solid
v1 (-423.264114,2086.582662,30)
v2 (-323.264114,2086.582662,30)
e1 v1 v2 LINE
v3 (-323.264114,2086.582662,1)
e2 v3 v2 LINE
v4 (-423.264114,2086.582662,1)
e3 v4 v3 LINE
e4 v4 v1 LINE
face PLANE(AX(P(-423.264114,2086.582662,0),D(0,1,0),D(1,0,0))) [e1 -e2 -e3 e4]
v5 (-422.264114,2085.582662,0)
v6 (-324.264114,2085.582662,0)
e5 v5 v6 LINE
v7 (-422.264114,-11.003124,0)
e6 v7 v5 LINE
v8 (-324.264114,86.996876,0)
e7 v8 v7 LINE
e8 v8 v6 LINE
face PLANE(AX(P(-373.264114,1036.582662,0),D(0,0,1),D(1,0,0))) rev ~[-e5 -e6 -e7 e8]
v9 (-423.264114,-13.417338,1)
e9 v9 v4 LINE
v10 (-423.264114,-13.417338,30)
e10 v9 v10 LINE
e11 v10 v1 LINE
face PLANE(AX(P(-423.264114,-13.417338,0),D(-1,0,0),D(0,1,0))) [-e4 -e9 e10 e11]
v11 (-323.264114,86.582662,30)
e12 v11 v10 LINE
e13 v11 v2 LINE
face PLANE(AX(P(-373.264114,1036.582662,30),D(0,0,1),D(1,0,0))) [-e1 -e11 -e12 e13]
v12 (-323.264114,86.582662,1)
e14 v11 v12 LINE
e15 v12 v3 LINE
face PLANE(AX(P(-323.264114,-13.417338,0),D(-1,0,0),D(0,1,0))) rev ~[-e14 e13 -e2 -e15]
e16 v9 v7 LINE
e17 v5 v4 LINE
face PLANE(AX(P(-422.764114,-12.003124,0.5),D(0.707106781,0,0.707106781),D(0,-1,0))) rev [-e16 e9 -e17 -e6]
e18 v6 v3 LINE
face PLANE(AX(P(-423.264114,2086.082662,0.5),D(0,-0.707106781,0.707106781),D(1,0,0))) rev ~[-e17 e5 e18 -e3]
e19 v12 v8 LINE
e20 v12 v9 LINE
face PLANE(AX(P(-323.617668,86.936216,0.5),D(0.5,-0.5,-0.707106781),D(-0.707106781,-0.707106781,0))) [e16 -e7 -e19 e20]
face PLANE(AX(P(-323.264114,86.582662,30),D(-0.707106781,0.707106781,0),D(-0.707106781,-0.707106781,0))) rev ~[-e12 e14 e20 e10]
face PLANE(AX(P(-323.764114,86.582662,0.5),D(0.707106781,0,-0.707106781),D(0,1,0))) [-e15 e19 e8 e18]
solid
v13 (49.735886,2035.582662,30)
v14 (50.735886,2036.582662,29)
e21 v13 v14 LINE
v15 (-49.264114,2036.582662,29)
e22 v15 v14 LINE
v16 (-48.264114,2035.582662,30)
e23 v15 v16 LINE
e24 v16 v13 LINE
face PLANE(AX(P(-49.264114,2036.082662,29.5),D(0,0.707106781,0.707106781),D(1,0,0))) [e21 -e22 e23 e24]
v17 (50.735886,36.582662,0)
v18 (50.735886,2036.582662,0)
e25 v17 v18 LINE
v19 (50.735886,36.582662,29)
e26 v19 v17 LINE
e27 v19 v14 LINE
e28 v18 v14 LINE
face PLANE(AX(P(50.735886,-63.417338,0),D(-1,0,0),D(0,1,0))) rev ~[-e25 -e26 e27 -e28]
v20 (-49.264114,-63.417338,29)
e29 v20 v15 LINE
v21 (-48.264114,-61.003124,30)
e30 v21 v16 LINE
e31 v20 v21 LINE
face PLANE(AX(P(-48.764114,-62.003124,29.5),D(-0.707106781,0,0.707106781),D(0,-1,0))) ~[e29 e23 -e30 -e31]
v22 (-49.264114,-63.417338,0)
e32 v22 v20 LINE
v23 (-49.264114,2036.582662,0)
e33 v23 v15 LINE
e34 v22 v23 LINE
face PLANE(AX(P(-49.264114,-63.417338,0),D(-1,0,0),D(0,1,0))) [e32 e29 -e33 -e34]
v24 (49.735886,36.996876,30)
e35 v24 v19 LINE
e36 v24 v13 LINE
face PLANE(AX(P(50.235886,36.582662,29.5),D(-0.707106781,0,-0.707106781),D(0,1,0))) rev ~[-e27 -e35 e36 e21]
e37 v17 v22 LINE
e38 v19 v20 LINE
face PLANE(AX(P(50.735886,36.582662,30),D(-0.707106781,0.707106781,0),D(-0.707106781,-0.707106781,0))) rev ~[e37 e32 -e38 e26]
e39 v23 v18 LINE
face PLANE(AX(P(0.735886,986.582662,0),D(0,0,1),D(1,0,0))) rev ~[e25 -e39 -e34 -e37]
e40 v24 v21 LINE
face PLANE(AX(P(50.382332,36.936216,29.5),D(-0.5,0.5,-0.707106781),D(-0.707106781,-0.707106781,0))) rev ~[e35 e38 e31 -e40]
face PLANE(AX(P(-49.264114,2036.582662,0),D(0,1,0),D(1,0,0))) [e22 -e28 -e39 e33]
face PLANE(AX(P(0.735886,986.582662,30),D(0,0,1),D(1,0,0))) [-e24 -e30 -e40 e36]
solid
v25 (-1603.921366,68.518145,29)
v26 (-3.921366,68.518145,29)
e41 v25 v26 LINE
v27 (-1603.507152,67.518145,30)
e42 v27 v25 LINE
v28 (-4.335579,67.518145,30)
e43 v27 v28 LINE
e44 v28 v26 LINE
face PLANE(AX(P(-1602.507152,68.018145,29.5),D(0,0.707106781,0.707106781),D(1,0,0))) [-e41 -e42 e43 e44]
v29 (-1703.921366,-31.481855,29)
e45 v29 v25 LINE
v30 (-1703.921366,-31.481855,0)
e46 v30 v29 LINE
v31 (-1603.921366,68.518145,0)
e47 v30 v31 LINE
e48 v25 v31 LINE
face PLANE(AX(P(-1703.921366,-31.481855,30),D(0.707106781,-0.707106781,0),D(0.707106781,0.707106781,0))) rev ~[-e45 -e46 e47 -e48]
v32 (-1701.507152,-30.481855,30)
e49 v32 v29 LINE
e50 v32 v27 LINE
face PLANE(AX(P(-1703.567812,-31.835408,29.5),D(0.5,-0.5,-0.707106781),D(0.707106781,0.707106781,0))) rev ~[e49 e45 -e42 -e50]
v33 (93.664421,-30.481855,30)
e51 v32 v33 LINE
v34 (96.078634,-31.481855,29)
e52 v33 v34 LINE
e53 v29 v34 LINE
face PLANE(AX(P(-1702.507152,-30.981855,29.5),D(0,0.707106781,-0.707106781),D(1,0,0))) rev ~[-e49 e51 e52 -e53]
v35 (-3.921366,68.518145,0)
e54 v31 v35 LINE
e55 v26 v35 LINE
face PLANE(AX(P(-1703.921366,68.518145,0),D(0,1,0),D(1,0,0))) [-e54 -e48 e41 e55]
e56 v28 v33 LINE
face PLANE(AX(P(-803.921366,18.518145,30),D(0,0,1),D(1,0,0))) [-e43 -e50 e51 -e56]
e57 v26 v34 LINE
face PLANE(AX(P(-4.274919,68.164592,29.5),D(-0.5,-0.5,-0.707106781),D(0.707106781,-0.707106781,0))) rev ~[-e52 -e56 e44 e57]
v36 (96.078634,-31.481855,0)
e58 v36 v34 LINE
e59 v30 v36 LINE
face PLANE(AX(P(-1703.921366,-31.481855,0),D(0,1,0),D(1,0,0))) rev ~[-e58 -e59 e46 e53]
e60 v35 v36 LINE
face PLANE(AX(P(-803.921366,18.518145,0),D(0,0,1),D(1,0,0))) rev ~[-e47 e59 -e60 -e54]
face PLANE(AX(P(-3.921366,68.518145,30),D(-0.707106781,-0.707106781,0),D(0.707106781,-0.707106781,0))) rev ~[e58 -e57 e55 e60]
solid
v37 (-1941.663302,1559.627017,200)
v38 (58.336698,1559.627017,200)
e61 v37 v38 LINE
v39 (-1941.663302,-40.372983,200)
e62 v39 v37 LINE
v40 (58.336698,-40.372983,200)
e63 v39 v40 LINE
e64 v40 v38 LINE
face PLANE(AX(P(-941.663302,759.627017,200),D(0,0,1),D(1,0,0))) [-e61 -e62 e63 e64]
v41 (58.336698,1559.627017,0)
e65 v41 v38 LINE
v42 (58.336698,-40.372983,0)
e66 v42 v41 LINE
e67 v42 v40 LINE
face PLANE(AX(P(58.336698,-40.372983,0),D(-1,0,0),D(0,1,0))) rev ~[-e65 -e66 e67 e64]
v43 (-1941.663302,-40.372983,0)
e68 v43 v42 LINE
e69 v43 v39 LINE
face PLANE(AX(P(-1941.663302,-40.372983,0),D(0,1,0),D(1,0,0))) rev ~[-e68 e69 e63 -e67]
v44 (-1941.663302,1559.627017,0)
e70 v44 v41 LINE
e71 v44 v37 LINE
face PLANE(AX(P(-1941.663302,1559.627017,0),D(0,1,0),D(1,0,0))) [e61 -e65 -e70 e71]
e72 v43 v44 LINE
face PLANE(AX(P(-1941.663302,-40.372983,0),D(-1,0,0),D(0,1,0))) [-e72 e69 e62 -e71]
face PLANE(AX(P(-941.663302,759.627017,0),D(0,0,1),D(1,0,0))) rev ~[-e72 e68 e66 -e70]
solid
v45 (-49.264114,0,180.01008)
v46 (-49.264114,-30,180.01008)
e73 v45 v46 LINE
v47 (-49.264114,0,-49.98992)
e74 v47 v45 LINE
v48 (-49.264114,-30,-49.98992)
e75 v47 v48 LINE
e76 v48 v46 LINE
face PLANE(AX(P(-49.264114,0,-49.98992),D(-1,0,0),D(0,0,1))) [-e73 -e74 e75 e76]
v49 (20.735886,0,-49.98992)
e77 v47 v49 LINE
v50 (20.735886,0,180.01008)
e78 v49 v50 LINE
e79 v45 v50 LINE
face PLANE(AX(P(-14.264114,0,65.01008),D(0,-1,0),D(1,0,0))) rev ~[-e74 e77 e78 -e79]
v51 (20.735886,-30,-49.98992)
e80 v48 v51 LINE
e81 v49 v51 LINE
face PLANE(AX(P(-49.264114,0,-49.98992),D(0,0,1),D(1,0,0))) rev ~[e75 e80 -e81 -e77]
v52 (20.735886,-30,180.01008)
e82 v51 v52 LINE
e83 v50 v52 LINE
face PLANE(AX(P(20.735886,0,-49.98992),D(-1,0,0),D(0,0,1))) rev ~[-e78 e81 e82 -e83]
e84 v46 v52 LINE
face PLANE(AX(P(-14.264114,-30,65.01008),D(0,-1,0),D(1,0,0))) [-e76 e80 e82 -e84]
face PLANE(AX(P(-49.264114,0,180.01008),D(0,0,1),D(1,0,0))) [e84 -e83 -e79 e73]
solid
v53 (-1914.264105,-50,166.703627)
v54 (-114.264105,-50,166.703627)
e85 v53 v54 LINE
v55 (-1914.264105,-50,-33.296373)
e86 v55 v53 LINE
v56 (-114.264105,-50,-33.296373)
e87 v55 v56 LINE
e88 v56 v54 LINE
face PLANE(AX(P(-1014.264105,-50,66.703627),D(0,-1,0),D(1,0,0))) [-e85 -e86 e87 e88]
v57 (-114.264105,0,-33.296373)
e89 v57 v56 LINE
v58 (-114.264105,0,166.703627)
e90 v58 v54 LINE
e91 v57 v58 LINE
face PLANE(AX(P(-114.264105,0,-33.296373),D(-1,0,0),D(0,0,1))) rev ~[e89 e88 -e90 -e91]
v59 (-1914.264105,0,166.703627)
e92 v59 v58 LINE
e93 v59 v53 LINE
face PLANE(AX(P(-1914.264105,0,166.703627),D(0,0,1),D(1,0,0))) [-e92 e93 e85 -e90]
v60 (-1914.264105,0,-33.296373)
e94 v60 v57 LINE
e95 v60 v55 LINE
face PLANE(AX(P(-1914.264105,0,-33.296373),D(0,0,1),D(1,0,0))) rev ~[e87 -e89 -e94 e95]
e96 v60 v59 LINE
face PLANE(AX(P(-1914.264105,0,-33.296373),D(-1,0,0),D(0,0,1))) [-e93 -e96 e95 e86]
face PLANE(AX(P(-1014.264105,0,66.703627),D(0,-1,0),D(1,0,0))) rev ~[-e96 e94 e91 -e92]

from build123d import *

# Parameters (mm, degrees)
F0_W      = 1800
F0_H      = 200
F1_DEPTH  = 50
F2_W      = 100
F2_H      = 2100
F3_DEPTH  = 30
F4_W      = 70
F4_H      = 230
F5_DEPTH  = 30
F6_W      = 2000
F6_H      = 1600
F7_DEPTH  = 200
F8_W      = 1800
F8_H      = 100
F9_DEPTH  = 30
F11_DEPTH = 34
F12_SIZE  = 1
F13_SIZE  = 1
F14_SIZE  = 1
F16_DEPTH = 35
F18_SIZE  = 1
F19_SIZE  = 1
F20_SIZE  = 1
F21_SIZE  = 1


with BuildPart() as f1:
    # F0 (on Front) → F1 (new body)
    with BuildSketch(Plane.XZ):
        with Locations((-1014.2641052604, 66.7036272585)):
            Rectangle(F0_W, F0_H)
    extrude(amount=F1_DEPTH)


with BuildPart() as f3:
    # F2 (on Top) → F3 (new body)
    with BuildSketch(Plane.XY):
        with Locations((0.7358856499, 986.5826621652)):
            Rectangle(F2_W, F2_H)
    extrude(amount=F3_DEPTH)

    # F15 (on face) → F16 (cut)
    with BuildSketch(Plane.XY.offset(30)):
        Polygon((50.7358856499, -63.4173378348), (50.7358856499, 36.5826621652), (-49.2641143501, -63.4173378348), align=None)
    extrude(amount=-F16_DEPTH, mode=Mode.SUBTRACT)


with BuildPart() as f5:
    # F4 (on Front) → F5 (new body)
    with BuildSketch(Plane.XZ):
        with Locations((-14.2641143501, 65.0100798905)):
            Rectangle(F4_W, F4_H)
    extrude(amount=F5_DEPTH)


with BuildPart() as f7:
    # F6 (on Top) → F7 (new body)
    with BuildSketch(Plane.XY):
        with Locations((-941.6633024812, 759.6270173788)):
            Rectangle(F6_W, F6_H)
    extrude(amount=F7_DEPTH)


with BuildPart() as f9:
    # F8 (on Top) → F9 (new body)
    with BuildSketch(Plane.XY):
        with Locations((-803.9213657379, 18.5181453824)):
            Rectangle(F8_W, F8_H)
    extrude(amount=F9_DEPTH)

    # F10 (on face) → F11 (cut)
    with BuildSketch(Plane.XY.offset(30)):
        Polygon((-1703.9213657379, -31.4818546176), (-1603.9213657379, 68.5181453824), (-1703.9213657379, 68.5181453824), (-1703.9213657379, 63.0305334926), align=None)
        Polygon((96.0786342621, 68.5181453824), (-3.9213657379, 68.5181453824), (96.0786342621, -31.4818546176), align=None)
    extrude(amount=-F11_DEPTH, mode=Mode.SUBTRACT)

    # F12
    f12_edges = [f9.edges().sort_by_distance(p)[0] for p in [
        (-1653.921366, 18.518145, 30),
        (46.078634, 18.518145, 30),
    ]]
    chamfer(f12_edges, length=F12_SIZE)

    # F13
    f13_edges = [f9.edges().sort_by_distance(p)[0] for p in [
        (-803.921366, 68.518145, 30),
    ]]
    chamfer(f13_edges, length=F13_SIZE)

    # F14
    f14_edges = [f9.edges().sort_by_distance(p)[0] for p in [
        (-803.921366, -31.481855, 30),
    ]]
    chamfer(f14_edges, length=F14_SIZE)


with BuildPart() as f17_1:
    # F17: copy of F3
    add(f3.part.moved(Location((-374, 50, 0))))

    # F20
    f20_edges = [f17_1.edges().sort_by_distance(p)[0] for p in [
        (-373.264114, 36.582662, 0),
        (-323.264114, 1086.582662, 0),
    ]]
    chamfer(f20_edges, length=F20_SIZE)

    # F21
    f21_edges = [f17_1.edges().sort_by_distance(p)[0] for p in [
        (-373.764114, 2086.582662, 0),
        (-423.264114, 1037.289769, 0),
    ]]
    chamfer(f21_edges, length=F21_SIZE)


with BuildPart() as f3_1:
    add(f3.part)

    # F18
    f18_edges = [f3_1.edges().sort_by_distance(p)[0] for p in [
        (50.735886, 1036.582662, 30),
        (0.735886, -13.417338, 30),
    ]]
    chamfer(f18_edges, length=F18_SIZE)

    # F19
    f19_edges = [f3_1.edges().sort_by_distance(p)[0] for p in [
        (-49.264114, 987.289769, 30),
        (0.235886, 2036.582662, 30),
    ]]
    chamfer(f19_edges, length=F19_SIZE)


solid = Compound([f1.part, f5.part, f7.part, f9.part, f17_1.part, f3_1.part])
